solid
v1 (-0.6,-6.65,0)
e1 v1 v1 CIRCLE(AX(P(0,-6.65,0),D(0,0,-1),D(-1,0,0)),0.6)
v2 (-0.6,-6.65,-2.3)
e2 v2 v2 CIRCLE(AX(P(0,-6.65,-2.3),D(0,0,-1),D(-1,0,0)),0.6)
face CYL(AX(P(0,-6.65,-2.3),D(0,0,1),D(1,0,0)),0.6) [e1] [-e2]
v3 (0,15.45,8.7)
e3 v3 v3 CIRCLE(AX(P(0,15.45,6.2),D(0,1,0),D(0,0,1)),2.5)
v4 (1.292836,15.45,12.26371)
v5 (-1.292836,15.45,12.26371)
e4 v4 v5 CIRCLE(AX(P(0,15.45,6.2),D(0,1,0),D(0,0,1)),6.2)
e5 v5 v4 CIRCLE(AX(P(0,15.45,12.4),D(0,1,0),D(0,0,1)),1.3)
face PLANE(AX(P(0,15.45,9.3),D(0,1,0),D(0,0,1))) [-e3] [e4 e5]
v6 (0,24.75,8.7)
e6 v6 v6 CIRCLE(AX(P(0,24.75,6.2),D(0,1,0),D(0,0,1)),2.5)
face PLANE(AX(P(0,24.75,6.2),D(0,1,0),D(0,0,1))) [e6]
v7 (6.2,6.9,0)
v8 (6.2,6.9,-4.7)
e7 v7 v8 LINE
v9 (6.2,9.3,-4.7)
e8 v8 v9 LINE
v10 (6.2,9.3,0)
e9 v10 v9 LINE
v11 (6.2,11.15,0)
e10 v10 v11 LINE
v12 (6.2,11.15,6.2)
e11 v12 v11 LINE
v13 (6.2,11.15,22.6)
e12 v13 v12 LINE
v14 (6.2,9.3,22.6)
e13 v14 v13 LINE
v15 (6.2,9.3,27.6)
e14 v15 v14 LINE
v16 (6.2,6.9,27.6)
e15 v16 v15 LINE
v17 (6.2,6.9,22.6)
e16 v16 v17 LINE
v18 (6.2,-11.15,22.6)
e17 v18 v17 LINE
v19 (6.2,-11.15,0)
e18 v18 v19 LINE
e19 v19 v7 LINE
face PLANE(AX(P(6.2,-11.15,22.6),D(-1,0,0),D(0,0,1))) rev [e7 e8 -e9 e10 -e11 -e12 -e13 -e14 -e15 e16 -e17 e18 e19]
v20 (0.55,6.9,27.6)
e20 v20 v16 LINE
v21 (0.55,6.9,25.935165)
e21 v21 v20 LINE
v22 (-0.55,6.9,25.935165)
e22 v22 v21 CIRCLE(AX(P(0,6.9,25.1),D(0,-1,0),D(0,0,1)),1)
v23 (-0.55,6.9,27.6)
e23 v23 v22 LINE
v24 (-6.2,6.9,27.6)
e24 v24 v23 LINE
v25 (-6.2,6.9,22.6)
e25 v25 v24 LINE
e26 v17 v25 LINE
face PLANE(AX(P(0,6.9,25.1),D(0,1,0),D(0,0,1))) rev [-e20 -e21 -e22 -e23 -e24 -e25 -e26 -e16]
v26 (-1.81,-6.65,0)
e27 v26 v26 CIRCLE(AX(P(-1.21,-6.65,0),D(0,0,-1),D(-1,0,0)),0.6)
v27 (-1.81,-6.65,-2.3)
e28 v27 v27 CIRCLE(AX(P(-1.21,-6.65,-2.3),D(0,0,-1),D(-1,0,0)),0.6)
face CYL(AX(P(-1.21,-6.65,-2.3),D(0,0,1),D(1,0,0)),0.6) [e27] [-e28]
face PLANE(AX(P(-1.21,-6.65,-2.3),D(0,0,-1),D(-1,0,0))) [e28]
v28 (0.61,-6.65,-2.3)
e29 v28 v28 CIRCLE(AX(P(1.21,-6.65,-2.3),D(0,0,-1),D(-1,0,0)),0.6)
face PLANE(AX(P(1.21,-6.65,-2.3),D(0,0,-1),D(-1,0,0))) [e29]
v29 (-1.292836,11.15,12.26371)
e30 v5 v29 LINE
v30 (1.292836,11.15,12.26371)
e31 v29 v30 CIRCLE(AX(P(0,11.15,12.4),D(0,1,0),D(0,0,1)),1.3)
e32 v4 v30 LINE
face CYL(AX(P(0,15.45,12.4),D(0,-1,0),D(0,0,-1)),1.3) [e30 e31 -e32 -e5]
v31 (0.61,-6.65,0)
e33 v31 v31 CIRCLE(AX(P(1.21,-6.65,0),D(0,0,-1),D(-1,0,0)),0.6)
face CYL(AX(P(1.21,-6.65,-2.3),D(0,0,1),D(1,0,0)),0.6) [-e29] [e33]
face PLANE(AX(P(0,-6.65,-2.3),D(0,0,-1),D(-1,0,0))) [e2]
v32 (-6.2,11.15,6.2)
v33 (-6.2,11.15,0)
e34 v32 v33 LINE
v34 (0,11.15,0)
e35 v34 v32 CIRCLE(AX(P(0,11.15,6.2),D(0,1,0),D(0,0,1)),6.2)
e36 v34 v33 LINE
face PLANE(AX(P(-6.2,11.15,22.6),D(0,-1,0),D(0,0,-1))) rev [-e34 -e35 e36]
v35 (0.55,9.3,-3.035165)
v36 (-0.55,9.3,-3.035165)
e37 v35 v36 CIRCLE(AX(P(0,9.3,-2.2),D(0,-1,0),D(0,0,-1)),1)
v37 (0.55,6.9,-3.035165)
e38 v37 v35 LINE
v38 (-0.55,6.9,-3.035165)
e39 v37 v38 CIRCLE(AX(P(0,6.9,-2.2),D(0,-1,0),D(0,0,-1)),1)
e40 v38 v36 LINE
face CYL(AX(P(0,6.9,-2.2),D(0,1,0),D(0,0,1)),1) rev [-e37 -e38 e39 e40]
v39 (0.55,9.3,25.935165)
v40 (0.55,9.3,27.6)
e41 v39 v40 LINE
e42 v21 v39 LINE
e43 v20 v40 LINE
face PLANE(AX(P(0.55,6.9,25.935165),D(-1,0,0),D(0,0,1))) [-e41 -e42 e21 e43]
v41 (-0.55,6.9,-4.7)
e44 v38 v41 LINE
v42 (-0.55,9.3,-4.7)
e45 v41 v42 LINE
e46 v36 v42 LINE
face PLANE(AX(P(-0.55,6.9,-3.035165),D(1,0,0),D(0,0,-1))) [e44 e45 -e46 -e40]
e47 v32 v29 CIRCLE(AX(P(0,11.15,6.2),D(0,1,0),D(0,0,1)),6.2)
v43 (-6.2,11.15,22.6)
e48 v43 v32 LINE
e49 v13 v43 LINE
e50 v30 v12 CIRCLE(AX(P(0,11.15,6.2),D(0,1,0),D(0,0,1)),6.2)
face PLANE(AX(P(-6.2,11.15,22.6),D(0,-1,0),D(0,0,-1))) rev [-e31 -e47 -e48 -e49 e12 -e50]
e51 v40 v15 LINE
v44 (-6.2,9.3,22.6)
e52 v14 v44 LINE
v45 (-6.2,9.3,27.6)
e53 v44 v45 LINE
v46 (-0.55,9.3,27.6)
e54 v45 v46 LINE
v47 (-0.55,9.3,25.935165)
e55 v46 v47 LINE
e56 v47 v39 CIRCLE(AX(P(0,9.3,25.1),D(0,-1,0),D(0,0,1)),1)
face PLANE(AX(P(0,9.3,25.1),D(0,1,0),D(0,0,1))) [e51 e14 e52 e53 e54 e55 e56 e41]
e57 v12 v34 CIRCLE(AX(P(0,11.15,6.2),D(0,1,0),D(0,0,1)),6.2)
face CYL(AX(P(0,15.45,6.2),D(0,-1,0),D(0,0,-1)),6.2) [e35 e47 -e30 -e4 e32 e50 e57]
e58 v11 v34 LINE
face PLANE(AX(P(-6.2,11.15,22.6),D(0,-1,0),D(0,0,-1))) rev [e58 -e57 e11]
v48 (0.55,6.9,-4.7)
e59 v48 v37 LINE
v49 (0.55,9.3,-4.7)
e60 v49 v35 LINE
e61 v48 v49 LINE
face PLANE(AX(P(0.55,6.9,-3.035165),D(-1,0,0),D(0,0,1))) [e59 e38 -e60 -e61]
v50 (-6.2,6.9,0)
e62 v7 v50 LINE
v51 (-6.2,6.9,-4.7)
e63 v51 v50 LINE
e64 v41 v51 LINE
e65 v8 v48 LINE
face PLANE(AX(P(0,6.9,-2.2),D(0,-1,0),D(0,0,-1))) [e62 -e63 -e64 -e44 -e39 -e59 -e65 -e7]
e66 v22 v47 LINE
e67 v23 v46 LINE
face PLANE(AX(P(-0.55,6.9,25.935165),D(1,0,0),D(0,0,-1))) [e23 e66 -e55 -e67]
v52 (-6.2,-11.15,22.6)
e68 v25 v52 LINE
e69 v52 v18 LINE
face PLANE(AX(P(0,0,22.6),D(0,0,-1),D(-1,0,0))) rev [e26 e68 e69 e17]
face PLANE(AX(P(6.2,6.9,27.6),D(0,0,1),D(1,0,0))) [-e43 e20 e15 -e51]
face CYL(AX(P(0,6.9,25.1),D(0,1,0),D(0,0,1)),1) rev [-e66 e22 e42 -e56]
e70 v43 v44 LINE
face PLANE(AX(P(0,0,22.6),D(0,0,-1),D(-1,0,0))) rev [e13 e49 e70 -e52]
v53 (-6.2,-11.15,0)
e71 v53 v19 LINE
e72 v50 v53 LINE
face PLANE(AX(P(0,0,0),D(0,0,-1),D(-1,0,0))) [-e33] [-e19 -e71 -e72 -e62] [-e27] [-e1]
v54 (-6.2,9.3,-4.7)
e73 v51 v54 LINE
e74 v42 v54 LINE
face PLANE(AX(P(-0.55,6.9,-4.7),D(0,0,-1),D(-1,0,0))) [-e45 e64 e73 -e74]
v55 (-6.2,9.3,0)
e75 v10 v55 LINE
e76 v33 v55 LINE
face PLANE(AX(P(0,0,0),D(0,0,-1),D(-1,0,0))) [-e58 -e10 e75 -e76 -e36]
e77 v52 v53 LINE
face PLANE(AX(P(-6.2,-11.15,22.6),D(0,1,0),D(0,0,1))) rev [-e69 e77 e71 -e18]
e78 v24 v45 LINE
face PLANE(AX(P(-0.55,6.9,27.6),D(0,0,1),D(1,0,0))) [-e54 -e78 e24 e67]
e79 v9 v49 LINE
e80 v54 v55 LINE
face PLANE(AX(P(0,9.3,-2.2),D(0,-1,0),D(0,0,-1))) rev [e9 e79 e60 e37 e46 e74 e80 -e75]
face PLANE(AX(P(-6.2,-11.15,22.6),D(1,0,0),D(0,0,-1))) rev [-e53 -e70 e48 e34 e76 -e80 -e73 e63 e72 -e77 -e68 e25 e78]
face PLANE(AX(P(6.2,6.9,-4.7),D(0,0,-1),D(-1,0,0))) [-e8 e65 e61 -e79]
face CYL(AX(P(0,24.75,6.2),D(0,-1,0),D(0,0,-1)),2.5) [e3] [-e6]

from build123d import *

# Parameters (mm, degrees)
SKETCH_1_W      = 12.4
SKETCH_1_H      = 22.3
EXTRUDE_1_DEPTH = 22.6
EXTRUDE_2_DEPTH = 4.3
SKETCH_3_R      = 2.5
EXTRUDE_3_DEPTH = 9.3
EXTRUDE_4_DEPTH = 2.4
SKETCH_5_R      = 0.6
EXTRUDE_5_DEPTH = 2.3


with BuildPart() as part:
    # 草图1 → 凸台-拉伸1 (new body)
    with BuildSketch(Plane.XY):
        Rectangle(SKETCH_1_W, SKETCH_1_H)
    extrude(amount=EXTRUDE_1_DEPTH)

    # 草图2 → 凸台-拉伸2 (add)
    with BuildSketch(Plane(origin=(0, 11.15, 0), x_dir=(1, 0, 0), z_dir=(0, 1, 0))):
        with BuildLine():
            ThreePointArc((1.29283601, -12.263709677), (0, 0), (-1.29283601, -12.263709677))
            ThreePointArc((-1.29283601, -12.263709677), (0, -13.7), (1.29283601, -12.263709677))
        make_face()
    extrude(amount=EXTRUDE_2_DEPTH)

    # 草图3 → 凸台-拉伸3 (add)
    with BuildSketch(Plane(origin=(0, 15.45, 0), x_dir=(1, 0, 0), z_dir=(0, 1, 0))):
        with Locations(Location((0, -6.2, 0), (0, 0, 270))):
            Circle(SKETCH_3_R)
    extrude(amount=EXTRUDE_3_DEPTH)

    # 草图4 → 凸台-拉伸4 (add)
    with BuildSketch(Plane(origin=(0, 9.3, 0), x_dir=(1, 0, 0), z_dir=(0, 1, 0))):
        with BuildLine():
            Line((6.2, -22.6), (-6.2, -22.6))
            Line((-6.2, -22.6), (-6.2, -27.6))
            Line((-6.2, -27.6), (-0.55, -27.6))
            Line((-0.55, -27.6), (-0.55, -25.935164654))
            ThreePointArc((-0.55, -25.935164654), (0, -24.1), (0.55, -25.935164654))
            Line((0.55, -25.935164654), (0.55, -27.6))
            Line((0.55, -27.6), (6.2, -27.6))
            Line((6.2, -27.6), (6.2, -22.6))
        make_face()
        with BuildLine():
            Line((0.55, 3.035164654), (0.55, 4.7))
            Line((0.55, 4.7), (6.2, 4.7))
            Line((6.2, 4.7), (6.2, -0.3))
            Line((6.2, -0.3), (-6.2, -0.3))
            Line((-6.2, -0.3), (-6.2, 4.7))
            Line((-6.2, 4.7), (-0.55, 4.7))
            Line((-0.55, 4.7), (-0.55, 3.035164654))
            ThreePointArc((-0.55, 3.035164654), (0, 1.2), (0.55, 3.035164654))
        make_face()
    extrude(amount=-EXTRUDE_4_DEPTH)

    # 草图5 → 凸台-拉伸5 (add)
    with BuildSketch(Plane(origin=(0, 0, 0), x_dir=(-1, 0, 0), z_dir=(0, 0, -1))):
        with Locations((0, -6.65)):
            Circle(SKETCH_5_R)
        with Locations((-1.21, -6.65)):
            Circle(SKETCH_5_R)
        with Locations((1.21, -6.65)):
            Circle(SKETCH_5_R)
    extrude(amount=EXTRUDE_5_DEPTH)


solid = part.part
